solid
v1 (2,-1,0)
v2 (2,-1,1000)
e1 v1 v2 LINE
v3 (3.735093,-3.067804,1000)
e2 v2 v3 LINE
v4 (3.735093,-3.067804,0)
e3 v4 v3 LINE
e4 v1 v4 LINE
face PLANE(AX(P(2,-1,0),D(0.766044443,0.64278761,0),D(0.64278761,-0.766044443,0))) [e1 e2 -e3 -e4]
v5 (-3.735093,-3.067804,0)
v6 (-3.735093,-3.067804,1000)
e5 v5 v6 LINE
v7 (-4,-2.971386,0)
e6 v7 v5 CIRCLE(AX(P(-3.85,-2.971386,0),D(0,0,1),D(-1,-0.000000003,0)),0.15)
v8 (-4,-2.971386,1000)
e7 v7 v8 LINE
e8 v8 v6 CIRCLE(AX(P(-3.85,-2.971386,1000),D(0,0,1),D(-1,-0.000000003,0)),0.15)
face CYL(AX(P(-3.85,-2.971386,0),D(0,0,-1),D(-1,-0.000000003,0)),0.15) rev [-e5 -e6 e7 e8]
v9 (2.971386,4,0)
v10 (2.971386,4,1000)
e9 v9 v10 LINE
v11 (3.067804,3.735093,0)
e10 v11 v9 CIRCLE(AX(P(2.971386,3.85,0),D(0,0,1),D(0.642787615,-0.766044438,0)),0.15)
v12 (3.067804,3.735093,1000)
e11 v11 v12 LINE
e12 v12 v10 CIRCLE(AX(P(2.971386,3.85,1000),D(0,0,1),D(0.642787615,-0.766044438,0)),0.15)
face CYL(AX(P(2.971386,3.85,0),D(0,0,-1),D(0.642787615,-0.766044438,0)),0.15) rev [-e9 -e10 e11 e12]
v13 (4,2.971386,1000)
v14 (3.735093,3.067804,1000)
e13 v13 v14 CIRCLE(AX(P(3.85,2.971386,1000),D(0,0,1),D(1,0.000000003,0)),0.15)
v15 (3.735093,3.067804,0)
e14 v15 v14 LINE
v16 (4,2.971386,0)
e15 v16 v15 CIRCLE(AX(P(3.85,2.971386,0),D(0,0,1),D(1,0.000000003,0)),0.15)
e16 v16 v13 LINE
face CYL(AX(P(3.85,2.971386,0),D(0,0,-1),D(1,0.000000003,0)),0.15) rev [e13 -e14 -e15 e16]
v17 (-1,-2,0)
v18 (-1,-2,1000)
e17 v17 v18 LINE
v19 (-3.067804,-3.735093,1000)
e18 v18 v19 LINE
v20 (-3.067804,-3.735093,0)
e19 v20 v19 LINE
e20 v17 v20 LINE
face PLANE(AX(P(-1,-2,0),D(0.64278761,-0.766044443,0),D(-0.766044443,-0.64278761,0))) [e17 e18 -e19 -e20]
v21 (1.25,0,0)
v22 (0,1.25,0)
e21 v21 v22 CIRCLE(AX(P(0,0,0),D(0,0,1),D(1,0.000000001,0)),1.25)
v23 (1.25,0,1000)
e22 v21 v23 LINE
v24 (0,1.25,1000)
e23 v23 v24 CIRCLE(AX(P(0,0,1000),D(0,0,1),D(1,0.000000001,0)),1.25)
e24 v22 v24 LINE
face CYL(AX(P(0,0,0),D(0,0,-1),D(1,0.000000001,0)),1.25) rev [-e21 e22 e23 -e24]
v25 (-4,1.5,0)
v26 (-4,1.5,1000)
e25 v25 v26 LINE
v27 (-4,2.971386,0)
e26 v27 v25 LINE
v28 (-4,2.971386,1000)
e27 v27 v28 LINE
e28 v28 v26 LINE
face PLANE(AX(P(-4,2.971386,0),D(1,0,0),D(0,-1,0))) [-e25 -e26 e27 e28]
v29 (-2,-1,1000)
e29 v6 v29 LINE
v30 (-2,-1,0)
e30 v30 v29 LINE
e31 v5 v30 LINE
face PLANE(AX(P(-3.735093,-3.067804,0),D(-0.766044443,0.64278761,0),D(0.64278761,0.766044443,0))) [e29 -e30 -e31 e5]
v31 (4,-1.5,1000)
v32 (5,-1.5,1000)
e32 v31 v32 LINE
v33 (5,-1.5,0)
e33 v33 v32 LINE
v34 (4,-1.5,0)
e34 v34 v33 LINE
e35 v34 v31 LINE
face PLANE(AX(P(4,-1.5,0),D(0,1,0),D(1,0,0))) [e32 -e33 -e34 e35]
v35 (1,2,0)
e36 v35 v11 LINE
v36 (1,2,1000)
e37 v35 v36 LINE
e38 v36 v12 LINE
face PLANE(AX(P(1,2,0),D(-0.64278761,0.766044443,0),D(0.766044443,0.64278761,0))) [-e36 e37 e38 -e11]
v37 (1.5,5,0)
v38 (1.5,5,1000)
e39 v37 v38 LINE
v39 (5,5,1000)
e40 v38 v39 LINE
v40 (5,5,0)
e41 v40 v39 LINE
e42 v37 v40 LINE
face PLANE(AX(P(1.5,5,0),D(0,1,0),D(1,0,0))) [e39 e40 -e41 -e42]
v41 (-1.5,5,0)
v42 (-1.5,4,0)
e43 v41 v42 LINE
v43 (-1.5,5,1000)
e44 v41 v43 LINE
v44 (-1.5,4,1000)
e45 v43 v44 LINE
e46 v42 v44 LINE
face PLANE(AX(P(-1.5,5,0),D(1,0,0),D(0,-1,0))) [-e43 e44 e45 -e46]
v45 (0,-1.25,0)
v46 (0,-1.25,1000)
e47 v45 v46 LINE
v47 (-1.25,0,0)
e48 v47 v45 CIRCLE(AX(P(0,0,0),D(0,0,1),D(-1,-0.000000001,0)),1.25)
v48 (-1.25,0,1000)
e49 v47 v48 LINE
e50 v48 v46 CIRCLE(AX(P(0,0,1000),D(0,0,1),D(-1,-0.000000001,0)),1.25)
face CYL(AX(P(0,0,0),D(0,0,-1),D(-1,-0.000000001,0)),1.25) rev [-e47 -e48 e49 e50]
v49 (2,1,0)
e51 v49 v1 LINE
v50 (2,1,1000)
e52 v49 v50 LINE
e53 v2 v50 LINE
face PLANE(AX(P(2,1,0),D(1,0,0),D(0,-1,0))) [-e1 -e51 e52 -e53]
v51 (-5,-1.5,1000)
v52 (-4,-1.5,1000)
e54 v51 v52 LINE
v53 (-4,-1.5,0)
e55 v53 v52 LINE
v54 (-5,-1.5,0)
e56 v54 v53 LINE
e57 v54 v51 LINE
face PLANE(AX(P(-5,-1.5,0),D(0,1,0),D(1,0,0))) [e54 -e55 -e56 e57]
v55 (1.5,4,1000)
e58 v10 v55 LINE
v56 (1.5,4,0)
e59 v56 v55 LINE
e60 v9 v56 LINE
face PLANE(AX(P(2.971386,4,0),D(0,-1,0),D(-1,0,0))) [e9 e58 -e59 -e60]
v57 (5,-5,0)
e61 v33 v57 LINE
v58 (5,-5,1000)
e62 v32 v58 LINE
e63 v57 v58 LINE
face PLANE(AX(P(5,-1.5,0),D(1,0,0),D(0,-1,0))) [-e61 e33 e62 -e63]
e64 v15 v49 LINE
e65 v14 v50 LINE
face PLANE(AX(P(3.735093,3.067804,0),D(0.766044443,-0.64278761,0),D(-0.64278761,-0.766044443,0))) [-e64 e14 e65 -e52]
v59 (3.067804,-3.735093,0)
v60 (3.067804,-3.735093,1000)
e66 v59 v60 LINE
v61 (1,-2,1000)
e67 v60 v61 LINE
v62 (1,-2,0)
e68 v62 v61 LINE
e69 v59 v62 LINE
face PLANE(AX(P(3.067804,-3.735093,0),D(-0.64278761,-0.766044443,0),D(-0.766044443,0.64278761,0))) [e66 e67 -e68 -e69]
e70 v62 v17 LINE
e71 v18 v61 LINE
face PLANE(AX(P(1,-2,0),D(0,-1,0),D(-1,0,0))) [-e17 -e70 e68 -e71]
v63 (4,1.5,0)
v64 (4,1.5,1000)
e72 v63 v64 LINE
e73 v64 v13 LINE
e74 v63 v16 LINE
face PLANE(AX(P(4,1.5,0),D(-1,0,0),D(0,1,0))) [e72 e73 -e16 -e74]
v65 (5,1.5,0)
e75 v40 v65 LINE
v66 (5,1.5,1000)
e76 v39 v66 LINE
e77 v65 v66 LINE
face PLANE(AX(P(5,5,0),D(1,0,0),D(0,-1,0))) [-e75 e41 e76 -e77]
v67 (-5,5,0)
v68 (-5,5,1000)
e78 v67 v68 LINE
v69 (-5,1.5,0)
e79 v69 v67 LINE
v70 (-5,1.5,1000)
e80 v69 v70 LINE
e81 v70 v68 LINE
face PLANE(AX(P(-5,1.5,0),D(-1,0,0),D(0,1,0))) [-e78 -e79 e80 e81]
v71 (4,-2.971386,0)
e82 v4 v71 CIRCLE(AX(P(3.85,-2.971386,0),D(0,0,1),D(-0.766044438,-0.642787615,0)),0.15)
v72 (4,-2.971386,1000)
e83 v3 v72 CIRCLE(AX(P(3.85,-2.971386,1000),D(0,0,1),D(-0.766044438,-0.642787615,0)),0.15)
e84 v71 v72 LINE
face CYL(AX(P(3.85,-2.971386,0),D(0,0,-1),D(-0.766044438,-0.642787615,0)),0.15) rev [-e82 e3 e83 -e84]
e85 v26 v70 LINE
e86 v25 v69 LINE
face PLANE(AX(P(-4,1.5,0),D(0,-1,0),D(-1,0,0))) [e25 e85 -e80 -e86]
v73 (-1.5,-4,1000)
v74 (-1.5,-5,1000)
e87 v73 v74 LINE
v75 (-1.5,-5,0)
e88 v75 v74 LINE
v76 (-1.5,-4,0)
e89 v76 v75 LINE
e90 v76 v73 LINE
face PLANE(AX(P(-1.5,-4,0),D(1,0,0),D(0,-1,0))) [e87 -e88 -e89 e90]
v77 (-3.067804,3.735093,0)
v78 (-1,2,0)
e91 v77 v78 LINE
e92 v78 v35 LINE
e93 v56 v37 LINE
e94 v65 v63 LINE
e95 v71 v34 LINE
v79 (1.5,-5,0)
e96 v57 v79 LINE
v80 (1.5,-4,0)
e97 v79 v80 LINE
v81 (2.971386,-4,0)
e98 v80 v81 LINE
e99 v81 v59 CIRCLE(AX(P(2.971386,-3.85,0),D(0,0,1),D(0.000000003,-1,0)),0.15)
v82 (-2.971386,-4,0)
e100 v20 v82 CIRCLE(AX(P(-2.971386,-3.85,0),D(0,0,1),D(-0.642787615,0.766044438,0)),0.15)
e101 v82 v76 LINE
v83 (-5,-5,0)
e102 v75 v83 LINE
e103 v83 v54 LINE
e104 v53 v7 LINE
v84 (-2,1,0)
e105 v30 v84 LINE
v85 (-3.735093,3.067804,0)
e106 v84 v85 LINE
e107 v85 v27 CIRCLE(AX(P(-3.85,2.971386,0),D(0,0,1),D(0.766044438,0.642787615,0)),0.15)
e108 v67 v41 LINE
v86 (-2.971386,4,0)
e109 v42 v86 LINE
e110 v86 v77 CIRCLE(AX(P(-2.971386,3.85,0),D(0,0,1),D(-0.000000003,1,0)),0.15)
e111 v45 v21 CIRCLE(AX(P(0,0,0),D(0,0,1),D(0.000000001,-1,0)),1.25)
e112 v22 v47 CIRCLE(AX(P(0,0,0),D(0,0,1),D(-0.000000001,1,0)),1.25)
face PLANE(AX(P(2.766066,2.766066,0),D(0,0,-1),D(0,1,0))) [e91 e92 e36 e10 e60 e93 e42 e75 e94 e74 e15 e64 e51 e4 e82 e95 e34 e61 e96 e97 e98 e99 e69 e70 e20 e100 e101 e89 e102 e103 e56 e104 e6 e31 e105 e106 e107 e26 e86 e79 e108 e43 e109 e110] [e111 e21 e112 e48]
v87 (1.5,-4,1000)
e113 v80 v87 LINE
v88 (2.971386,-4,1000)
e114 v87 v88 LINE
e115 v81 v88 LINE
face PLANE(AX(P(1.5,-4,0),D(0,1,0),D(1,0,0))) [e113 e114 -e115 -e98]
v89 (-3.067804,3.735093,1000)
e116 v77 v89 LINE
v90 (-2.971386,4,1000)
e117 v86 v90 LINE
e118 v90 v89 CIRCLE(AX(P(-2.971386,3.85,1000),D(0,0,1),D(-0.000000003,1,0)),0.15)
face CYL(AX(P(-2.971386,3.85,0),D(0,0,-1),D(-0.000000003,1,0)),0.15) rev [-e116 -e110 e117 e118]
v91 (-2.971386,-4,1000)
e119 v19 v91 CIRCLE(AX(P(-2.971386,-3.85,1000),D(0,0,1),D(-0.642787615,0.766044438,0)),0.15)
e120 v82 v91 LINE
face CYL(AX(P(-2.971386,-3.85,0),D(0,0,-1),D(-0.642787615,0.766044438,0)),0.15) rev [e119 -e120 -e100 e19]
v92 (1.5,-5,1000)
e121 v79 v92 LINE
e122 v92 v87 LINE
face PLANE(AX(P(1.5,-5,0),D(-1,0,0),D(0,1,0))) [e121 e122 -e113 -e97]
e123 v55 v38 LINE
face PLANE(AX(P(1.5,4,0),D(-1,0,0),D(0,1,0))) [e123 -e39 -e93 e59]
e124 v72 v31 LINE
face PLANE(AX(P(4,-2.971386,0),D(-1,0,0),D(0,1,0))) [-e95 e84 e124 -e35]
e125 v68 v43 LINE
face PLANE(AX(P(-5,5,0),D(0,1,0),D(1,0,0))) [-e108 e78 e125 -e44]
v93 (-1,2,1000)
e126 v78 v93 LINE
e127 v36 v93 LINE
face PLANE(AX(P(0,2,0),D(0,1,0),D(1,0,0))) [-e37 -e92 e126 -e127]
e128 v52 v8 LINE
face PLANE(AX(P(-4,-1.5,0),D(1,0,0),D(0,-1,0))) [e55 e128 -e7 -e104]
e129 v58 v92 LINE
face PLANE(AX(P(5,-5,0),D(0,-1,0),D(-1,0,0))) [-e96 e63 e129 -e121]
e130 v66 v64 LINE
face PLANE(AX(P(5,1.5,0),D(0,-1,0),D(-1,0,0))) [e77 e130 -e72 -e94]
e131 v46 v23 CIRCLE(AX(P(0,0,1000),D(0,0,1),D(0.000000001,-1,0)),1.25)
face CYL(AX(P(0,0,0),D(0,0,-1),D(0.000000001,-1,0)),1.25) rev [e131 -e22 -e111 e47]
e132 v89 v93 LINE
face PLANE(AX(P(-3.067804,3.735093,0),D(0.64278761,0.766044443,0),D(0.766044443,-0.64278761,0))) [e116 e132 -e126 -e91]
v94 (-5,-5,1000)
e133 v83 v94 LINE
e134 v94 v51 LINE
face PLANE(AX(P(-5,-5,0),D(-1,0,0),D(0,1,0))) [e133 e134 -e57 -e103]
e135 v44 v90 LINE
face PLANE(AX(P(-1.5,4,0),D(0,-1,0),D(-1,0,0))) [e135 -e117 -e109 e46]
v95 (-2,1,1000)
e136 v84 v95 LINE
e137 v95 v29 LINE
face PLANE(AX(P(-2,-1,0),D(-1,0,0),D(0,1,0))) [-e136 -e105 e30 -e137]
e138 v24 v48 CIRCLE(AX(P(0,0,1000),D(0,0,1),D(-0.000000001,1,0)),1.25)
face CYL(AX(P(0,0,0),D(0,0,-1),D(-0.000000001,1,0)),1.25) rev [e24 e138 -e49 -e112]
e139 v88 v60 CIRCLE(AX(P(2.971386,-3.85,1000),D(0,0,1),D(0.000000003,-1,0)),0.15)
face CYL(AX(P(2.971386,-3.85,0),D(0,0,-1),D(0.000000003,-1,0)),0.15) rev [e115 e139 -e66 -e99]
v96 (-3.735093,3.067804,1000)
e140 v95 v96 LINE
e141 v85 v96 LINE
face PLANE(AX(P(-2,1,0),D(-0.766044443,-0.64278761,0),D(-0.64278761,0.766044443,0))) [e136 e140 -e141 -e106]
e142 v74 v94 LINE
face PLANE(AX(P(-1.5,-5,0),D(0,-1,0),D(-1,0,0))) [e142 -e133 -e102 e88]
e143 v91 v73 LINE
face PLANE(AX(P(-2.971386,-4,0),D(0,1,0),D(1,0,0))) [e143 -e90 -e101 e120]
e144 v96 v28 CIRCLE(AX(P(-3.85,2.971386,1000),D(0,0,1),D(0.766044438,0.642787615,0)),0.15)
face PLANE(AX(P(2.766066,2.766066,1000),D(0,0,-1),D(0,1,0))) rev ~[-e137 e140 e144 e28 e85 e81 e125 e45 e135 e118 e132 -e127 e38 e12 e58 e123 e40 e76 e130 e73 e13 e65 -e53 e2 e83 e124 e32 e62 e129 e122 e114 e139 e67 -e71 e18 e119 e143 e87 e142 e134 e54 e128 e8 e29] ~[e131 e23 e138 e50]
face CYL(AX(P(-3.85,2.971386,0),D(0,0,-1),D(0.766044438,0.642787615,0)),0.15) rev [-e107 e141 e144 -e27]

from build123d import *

# Parameters (mm, degrees)
BOSS_EXTRU_1_DEPTH           = 1000
R_P_TITION_CIRCULAIRE1_COUNT = 4


with BuildPart() as part:
    # Esquisse1 → Boss.-Extru.1 (new body)
    with BuildSketch(Plane.XY):
        with BuildLine():
            Line((0, 2), (0, 1.25))
            ThreePointArc((0, 1.25), (-0.883883476, 0.883883476), (-1.25, 0))
            Line((-1.25, 0), (-2, 0))
            Line((-2, 0), (-2, 1))
            Line((-2, 1), (-3.735093334, 3.067803714))
            ThreePointArc((-3.735093334, 3.067803714), (-3.901303021, 3.112339465), (-4, 2.971385572))
            Line((-4, 2.971385572), (-4, 1.5))
            Line((-4, 1.5), (-5, 1.5))
            Line((-5, 1.5), (-5, 5))
            Line((-5, 5), (-1.5, 5))
            Line((-1.5, 5), (-1.5, 4))
            Line((-1.5, 4), (-2.971385572, 4))
            ThreePointArc((-2.971385572, 4), (-3.112339465, 3.901303021), (-3.067803714, 3.735093334))
            Line((-3.067803714, 3.735093334), (-1, 2))
            Line((-1, 2), (0, 2))
        make_face()
    boss_extru_1 = extrude(amount=BOSS_EXTRU_1_DEPTH)

    # Répétition circulaire1: Boss.-Extru.1 ×4 about axis
    r_p_tition_circulaire1_axis = Axis((0, 0, 105), (0, 0, -1))
    for i in range(1, R_P_TITION_CIRCULAIRE1_COUNT):
        add(boss_extru_1.rotate(r_p_tition_circulaire1_axis, i * 360 / R_P_TITION_CIRCULAIRE1_COUNT))


solid = part.part
